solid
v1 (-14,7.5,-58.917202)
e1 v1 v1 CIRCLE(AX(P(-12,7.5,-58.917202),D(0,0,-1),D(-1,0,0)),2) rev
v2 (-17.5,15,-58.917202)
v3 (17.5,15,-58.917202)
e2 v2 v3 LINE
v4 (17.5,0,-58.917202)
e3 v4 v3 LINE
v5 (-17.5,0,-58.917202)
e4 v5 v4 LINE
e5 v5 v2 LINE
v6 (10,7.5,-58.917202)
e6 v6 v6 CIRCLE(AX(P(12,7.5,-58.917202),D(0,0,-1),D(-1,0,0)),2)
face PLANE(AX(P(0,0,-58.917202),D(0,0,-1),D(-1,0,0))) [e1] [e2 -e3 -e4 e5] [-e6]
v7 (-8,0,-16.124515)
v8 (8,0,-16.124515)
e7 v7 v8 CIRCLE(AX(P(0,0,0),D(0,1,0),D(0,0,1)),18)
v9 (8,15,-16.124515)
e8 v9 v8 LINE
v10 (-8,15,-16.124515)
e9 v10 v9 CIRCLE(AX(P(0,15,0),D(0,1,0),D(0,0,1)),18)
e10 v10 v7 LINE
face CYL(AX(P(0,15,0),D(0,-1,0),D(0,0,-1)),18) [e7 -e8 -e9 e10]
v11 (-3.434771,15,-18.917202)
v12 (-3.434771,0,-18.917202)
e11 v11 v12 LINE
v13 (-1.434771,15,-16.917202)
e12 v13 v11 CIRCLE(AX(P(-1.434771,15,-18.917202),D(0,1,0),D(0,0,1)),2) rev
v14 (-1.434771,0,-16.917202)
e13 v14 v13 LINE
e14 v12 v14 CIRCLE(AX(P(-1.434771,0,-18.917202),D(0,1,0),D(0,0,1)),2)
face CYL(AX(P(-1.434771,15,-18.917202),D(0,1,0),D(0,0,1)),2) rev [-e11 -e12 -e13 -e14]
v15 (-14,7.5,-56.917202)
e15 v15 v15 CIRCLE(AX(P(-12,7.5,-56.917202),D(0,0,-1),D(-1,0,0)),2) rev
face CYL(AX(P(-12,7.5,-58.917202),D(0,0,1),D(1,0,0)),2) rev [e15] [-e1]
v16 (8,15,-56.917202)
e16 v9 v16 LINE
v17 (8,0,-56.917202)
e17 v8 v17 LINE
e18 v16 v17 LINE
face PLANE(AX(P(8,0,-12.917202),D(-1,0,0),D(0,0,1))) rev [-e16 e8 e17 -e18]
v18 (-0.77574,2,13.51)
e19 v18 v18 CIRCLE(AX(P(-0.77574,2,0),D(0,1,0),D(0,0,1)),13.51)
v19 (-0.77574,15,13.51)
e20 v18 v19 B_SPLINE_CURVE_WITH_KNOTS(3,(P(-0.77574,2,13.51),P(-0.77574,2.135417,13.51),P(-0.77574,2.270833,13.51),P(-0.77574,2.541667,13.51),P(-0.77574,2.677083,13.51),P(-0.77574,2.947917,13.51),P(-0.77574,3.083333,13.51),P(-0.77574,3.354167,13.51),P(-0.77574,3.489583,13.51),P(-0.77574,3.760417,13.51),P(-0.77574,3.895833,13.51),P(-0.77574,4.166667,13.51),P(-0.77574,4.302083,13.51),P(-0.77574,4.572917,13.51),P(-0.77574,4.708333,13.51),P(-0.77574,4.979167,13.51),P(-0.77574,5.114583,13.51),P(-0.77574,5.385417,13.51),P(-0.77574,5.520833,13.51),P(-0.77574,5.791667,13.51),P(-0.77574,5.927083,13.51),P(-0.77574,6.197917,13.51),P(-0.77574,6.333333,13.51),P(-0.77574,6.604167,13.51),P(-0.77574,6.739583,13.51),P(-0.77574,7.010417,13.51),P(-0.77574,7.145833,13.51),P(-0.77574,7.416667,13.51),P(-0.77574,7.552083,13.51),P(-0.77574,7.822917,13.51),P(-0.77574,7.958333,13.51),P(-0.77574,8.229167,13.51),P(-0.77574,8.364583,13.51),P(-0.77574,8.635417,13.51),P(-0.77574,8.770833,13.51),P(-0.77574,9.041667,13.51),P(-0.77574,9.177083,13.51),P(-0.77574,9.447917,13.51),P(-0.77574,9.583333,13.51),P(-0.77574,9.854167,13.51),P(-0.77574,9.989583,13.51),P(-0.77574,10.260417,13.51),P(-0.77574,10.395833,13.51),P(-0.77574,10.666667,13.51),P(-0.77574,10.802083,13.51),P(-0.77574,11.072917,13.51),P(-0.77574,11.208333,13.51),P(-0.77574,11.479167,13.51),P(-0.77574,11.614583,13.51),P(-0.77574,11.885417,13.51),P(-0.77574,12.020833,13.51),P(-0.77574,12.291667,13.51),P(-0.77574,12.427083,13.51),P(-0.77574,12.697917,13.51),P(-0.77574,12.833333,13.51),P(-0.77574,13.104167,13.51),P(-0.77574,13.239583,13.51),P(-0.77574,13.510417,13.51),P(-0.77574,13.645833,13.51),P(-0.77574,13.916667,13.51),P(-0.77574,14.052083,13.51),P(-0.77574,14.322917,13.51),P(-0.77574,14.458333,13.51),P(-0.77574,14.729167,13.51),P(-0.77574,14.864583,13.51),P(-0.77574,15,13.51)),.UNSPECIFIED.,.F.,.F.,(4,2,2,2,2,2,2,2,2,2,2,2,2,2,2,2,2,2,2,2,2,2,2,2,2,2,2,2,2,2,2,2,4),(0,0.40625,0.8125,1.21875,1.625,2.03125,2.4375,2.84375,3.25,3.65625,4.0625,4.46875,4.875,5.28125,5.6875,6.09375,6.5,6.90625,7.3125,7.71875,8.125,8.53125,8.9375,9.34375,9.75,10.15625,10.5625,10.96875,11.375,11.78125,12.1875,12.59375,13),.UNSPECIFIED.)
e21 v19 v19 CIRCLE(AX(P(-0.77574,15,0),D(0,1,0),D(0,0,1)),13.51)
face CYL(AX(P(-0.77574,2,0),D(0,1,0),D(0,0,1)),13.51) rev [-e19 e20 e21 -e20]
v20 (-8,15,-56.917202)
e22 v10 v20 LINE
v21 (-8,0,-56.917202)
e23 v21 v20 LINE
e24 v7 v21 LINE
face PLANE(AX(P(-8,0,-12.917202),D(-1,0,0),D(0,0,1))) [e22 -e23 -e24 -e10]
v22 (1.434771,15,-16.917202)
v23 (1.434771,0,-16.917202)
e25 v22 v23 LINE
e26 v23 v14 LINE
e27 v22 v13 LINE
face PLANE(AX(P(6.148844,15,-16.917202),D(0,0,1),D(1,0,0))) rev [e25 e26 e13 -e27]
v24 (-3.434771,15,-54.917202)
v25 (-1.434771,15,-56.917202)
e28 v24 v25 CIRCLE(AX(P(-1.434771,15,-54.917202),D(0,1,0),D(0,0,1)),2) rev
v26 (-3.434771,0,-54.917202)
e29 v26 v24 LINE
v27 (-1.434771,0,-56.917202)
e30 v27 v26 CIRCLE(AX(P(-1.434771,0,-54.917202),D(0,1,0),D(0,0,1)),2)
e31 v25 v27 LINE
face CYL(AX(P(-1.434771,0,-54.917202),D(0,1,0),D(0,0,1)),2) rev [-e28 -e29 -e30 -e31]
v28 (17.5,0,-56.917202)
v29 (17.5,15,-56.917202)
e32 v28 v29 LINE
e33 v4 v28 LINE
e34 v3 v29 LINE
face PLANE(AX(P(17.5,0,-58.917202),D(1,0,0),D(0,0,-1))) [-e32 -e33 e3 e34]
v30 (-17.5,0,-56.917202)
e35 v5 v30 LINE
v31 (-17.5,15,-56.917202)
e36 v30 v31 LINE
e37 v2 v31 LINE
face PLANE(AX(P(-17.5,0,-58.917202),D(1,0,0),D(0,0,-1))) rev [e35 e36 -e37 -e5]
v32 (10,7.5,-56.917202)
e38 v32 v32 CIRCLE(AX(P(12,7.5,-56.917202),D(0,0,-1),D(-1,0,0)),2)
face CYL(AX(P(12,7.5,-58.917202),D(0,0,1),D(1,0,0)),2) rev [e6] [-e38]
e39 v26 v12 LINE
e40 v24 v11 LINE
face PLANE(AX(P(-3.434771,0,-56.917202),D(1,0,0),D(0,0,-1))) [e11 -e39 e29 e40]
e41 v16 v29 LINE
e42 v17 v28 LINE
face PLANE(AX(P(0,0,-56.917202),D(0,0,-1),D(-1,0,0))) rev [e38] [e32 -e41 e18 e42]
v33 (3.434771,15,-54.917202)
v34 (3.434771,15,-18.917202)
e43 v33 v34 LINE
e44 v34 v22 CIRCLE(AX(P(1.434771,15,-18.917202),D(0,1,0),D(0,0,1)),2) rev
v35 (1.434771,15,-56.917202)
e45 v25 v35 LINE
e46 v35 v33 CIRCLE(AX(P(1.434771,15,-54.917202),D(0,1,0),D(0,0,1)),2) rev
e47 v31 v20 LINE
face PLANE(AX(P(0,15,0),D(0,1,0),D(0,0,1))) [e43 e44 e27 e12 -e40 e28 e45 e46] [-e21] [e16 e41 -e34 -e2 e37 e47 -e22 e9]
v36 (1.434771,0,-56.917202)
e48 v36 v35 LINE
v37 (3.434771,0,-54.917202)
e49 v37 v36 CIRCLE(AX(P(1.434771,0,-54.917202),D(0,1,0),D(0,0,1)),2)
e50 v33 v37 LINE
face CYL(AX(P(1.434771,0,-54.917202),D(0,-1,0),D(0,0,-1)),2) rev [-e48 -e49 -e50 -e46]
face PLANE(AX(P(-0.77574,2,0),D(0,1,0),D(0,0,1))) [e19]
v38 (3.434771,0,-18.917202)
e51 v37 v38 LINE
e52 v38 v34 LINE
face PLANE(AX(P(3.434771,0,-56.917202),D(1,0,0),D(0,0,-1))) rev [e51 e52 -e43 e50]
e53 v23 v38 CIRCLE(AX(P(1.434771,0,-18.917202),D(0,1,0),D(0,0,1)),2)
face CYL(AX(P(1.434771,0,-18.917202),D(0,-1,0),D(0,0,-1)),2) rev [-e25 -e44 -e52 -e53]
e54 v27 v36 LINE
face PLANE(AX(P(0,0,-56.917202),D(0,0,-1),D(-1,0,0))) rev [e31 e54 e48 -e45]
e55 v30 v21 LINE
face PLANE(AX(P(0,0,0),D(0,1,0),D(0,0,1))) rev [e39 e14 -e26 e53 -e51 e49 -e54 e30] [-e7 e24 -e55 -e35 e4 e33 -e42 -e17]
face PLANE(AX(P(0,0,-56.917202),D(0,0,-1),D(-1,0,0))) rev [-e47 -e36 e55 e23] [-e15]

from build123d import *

# Parameters (mm, degrees)
EXTRUDE_1_DEPTH     = 15
SKETCH_3_W          = 16
SKETCH_3_H          = 15
EXTRUDE_2_DEPTH     = 4
SKETCH_2_R          = 13.51
CUT_EXTRUDE_2_DEPTH = 13
SKETCH_4_W          = 4.565228969
SKETCH_4_H          = 15
EXTRUDE_3_DEPTH     = 40
FILLET_2_R          = 2
SKETCH_5_R          = 2
EXTRUDE_4_DEPTH     = 2
FILLET_3_R          = 2


with BuildPart() as part:
    # 草图1 → 凸台-拉伸1 (new body)
    with BuildSketch(Plane(origin=(0, 0, 0), x_dir=(1, 0, 0), z_dir=(0, 1, 0))):
        with BuildLine():
            Line((6.148844254, 16.917201729), (-6.148844254, 16.917201729))
            ThreePointArc((-6.148844254, 16.917201729), (0, -18), (6.148844254, 16.917201729))
        make_face()
    extrude(amount=EXTRUDE_1_DEPTH)

    # 草图3 → 凸台-拉伸2 (add)
    with BuildSketch(Plane(origin=(0, 0, -16.917201729), x_dir=(-1, 0, 0), z_dir=(0, 0, -1))):
        with Locations((0, 7.5)):
            Rectangle(SKETCH_3_W, SKETCH_3_H)
    extrude(amount=-EXTRUDE_2_DEPTH)

    # 草图2 → 切除-拉伸2 (cut)
    with BuildSketch(Plane(origin=(0, 15, 0), x_dir=(1, 0, 0), z_dir=(0, 1, 0))):
        with Locations(Location((-0.775740082, 0, 0), (0, 0, 270))):
            Circle(SKETCH_2_R)
    extrude(amount=-CUT_EXTRUDE_2_DEPTH, mode=Mode.SUBTRACT)

    # 草图4 → 凸台-拉伸3 (add)
    with BuildSketch(Plane(origin=(0, 0, -16.917201729), x_dir=(-1, 0, 0), z_dir=(0, 0, -1))):
        with Locations((5.717385516, 7.5)):
            Rectangle(SKETCH_4_W, SKETCH_4_H)
        with Locations((-5.717385516, 7.5)):
            Rectangle(SKETCH_4_W, SKETCH_4_H)
    extrude(amount=EXTRUDE_3_DEPTH)

    # 圆角2
    fillet_2_edges = [part.edges().sort_by_distance(p)[0] for p in [
        (-3.434771031, 7.5, -16.917201729),
        (3.434771031, 7.5, -16.917201729),
    ]]
    fillet(fillet_2_edges, radius=FILLET_2_R)

    # 草图5 → 凸台-拉伸4 (add)
    with BuildSketch(Plane(origin=(0, 0, -56.917201729), x_dir=(-1, 0, 0), z_dir=(0, 0, -1))):
        Polygon((-17.5, 0), (-17.5, 15), (12.5, 15), (17.5, 15), (17.5, 0), (8, 0), align=None)
        with Locations((-12, 7.5)):
            Circle(SKETCH_5_R, mode=Mode.SUBTRACT)
        with Locations((12, 7.5)):
            Circle(SKETCH_5_R, mode=Mode.SUBTRACT)
    extrude(amount=EXTRUDE_4_DEPTH)

    # 圆角3
    fillet_3_edges = [part.edges().sort_by_distance(p)[0] for p in [
        (-3.434771031, 7.5, -56.917201729),
        (3.434771031, 7.5, -56.917201729),
    ]]
    fillet(fillet_3_edges, radius=FILLET_3_R)


solid = part.part
